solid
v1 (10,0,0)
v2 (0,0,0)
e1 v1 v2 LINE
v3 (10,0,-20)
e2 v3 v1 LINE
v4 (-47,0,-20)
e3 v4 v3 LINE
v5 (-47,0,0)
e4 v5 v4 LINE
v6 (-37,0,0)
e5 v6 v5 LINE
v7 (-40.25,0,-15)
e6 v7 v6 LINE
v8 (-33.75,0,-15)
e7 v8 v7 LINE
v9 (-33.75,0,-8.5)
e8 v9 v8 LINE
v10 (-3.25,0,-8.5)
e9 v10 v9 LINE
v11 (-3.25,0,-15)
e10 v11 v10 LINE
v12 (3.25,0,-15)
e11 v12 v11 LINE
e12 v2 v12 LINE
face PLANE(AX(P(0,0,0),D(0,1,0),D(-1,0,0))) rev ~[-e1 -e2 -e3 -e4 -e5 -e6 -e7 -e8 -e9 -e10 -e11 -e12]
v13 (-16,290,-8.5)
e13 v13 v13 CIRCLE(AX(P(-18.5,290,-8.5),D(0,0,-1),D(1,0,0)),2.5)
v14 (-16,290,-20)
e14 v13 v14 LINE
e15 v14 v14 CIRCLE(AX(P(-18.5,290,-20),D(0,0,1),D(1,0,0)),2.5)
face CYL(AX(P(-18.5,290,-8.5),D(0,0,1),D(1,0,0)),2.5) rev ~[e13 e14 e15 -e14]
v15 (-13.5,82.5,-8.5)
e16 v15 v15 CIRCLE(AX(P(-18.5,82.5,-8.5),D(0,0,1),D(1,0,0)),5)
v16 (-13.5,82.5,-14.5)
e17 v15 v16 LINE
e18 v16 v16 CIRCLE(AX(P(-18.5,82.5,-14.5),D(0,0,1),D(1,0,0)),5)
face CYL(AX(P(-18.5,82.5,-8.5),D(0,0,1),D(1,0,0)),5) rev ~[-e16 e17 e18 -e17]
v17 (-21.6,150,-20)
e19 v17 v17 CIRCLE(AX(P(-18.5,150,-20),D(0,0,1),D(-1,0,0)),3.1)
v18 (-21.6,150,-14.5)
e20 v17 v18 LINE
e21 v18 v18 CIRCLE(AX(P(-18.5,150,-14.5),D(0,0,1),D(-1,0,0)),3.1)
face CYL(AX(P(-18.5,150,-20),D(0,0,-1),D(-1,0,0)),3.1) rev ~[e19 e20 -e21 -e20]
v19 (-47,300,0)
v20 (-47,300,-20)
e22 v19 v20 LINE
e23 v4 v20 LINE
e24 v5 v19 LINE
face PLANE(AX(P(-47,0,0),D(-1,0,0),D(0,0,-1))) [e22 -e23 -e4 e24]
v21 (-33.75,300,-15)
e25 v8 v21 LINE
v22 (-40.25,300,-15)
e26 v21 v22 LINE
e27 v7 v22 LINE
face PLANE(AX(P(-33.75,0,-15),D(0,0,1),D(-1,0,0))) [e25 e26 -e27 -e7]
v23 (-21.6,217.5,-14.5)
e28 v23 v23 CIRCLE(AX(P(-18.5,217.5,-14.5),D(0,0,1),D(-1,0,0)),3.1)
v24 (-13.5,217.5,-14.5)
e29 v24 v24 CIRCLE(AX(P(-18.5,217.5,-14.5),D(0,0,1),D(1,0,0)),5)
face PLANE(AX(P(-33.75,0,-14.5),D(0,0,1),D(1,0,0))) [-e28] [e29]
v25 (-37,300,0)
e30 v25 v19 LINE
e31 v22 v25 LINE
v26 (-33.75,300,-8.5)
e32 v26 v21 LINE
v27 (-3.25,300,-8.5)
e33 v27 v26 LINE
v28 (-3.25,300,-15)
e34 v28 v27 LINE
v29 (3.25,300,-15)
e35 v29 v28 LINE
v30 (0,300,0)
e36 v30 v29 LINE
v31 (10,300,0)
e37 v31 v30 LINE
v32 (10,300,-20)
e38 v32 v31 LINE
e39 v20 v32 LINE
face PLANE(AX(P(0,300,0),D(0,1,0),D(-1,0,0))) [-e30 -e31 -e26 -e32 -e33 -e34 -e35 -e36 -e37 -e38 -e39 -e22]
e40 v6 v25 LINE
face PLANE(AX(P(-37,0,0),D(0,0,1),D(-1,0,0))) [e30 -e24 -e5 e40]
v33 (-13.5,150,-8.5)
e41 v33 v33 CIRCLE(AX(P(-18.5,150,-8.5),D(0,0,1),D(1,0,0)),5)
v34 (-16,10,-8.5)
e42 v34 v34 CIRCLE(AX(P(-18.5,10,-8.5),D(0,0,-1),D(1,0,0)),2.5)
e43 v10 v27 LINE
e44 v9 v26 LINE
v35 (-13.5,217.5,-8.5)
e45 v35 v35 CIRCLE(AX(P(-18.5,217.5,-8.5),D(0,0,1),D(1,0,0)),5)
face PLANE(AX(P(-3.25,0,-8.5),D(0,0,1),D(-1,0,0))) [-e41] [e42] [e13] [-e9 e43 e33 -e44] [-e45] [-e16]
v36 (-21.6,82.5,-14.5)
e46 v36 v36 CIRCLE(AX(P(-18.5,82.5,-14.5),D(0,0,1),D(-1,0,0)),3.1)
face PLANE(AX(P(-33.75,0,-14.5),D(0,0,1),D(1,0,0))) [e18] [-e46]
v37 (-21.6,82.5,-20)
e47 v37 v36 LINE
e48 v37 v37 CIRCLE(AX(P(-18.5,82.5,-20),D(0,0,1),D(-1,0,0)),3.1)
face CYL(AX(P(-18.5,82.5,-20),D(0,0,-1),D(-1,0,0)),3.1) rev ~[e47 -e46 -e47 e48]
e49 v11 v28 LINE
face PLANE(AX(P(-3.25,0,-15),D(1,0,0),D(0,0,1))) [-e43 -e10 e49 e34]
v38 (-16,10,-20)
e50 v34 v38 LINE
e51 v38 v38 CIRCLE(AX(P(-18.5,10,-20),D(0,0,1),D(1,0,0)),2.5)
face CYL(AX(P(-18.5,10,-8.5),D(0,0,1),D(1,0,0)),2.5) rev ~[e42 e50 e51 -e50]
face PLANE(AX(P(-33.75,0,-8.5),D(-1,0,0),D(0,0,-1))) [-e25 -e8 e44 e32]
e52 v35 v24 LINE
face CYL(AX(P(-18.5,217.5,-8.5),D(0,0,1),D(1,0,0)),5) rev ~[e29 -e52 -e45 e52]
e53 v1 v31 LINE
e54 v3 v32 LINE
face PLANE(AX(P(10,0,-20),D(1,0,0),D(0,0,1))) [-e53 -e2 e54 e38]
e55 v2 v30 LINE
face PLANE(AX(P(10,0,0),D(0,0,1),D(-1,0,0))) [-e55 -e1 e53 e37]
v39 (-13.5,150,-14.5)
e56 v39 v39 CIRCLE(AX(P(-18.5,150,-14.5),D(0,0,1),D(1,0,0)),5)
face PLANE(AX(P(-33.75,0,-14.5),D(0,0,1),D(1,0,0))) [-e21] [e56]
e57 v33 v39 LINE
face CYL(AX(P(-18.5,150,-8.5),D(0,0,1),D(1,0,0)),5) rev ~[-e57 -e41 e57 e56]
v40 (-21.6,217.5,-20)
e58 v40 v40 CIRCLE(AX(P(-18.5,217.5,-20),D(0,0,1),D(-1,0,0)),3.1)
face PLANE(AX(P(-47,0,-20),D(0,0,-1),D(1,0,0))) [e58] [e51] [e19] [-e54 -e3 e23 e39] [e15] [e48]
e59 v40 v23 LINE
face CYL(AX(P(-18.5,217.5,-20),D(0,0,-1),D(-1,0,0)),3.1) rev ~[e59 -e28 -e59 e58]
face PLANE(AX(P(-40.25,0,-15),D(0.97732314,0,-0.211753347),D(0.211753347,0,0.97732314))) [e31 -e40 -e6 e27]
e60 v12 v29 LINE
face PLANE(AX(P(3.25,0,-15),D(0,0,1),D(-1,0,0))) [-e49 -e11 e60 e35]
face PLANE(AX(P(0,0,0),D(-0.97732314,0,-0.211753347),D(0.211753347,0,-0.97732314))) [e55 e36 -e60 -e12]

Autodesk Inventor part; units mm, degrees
ref_plane "YZ Plane" through (0, 0, 0) normal (1, 0, 0) x (0, 1, 0)
ref_plane "XZ Plane" through (0, 0, 0) normal (0, 1, 0) x (-1, 0, 0)
ref_plane "XY Plane" through (0, 0, 0) normal (0, 0, 1) x (1, 0, 0)
sketch "Sketch1" plane through (0, 0, 0) normal (0, 1, 0) x (-1, 0, 0)
  line L0 (37, 0) -> (0, 0)
  line L1 (0, 0) -> (-3.25, -15)
  line L2 (-3.25, -15) -> (3.25, -15)
  line L3 (3.25, -15) -> (3.25, -8.5)
  line L4 (3.25, -8.5) -> (33.75, -8.5)
  line L5 (33.75, -8.5) -> (33.75, -15)
  line L6 (33.75, -15) -> (40.25, -15)
  line L7 (40.25, -15) -> (37, 0)
  line L8 (37, 0) -> (47, 0)
  line L9 (47, 0) -> (47, -20)
  line L10 (47, -20) -> (-10, -20)
  line L11 (-10, -20) -> (-10, 0)
  line L12 (-10, 0) -> (0, 0)
  dimension "d1" = 20
  dimension "d5" = 10
  dimension "d6" = 10
extrude "Extrusion1" add sketch "Sketch1" along normal blind 300 contours L8 L9 L10 L11 L12 L1 L2 L3 L4 L5 L6 L7
sketch "Sketch2" plane through (10, 0, -20) normal (0, 0, -1) x (-1, 0, 0)
  line L0 (0, 0) -> (57, 0) projected
  line L1 (57, 0) -> (57, 300) projected
  line L2 (0, 300) -> (57, 300) projected
  line L3 (0, 0) -> (0, 300) projected
  line L4 (43.75, 0) -> (13.25, 0) projected
  line L5 (28.5, 0) -> (28.5, 300)
  line L6 (43.75, 300) -> (13.25, 300) projected
  line L7 (0, 52.5) -> (57, 52.5)
  line L8 (57, 52.5) -> (57, 247.5)
  line L9 (57, 247.5) -> (0, 247.5)
  line L10 (0, 247.5) -> (0, 52.5)
  line L11 (0, 52.5) -> (57, 247.5) construction
  line L12 (57, 52.5) -> (0, 247.5) construction
  circle A0 centre (28.5, 150) radius 3.1
  line L13 (28.5, 52.5) -> (28.5, 82.5)
  circle A1 centre (28.5, 82.5) radius 3.1
  line L14 (28.5, 247.5) -> (28.5, 217.5)
  circle A2 centre (28.5, 217.5) radius 3.1
  point P0 (10, 0)
  dimension "d7" = 195
  dimension "d8" = 6.2
  dimension "d9" = 30
  dimension "d10" = 6.2
  dimension "d11" = 30
  dimension "d12" = 6.2
extrude "Extrusion2" cut sketch "Sketch2" against normal up to surface (11.5 mm away) contours A1 L5 | L5 A1 | A2 L5 | L5 A2 | A0 L5 | L5 A0
sketch "Sketch4" plane through (-33.75, 0, -8.5) normal (0, 0, 1) x (1, 0, 0)
  circle A0 centre (15.25, 217.5) radius 3.1 projected
  circle A1 centre (15.25, 82.5) radius 3.1 projected
  circle A2 centre (15.25, 150) radius 3.1 projected
  line L0 (0, 0) -> (30.5, 0) projected
  line L1 (30.5, 0) -> (30.5, 300) projected
  line L2 (0, 300) -> (30.5, 300) projected
  line L3 (0, 0) -> (0, 300) projected
  circle A3 centre (15.25, 82.5) radius 3.1 projected
  circle A4 centre (15.25, 82.5) radius 5
  circle A5 centre (15.25, 150) radius 5
  circle A6 centre (15.25, 217.5) radius 5
  point P0 (33.75, 0)
  dimension "d15" = 10
  dimension "d16" = 10
  dimension "d17" = 10
extrude "Extrusion3" cut sketch "Sketch4" against normal blind 6 contours A4 | A5 | A6
sketch "Sketch5" plane through (-33.75, 0, -8.5) normal (0, 0, 1) x (1, 0, 0)
  line L0 (43.75, 0) -> (-13.25, 0) projected
  line L1 (15.25, 0) -> (15.25, 10)
  line L2 (43.75, 300) -> (-13.25, 300) projected
  line L3 (15.25, 300) -> (15.25, 290)
  circle A0 centre (15.25, 290) radius 2.5
  circle A1 centre (15.25, 10) radius 2.5
  point P0 (33.75, 0)
  dimension "d20" = 10
  dimension "d21" = 10
  dimension "d22" = 5
  dimension "d23" = 5
extrude "Extrusion4" cut sketch "Sketch5" against normal up to surface (11.5 mm away)
thread "Thread1" size "M5x0.8" class "6H" standard "ANSI Metric M Profile" full length
thread "Thread2" size "M5x0.8" class "6H" standard "ANSI Metric M Profile" full length
properties part number "uchwyt_szyny" material "Aluminum 6061"
